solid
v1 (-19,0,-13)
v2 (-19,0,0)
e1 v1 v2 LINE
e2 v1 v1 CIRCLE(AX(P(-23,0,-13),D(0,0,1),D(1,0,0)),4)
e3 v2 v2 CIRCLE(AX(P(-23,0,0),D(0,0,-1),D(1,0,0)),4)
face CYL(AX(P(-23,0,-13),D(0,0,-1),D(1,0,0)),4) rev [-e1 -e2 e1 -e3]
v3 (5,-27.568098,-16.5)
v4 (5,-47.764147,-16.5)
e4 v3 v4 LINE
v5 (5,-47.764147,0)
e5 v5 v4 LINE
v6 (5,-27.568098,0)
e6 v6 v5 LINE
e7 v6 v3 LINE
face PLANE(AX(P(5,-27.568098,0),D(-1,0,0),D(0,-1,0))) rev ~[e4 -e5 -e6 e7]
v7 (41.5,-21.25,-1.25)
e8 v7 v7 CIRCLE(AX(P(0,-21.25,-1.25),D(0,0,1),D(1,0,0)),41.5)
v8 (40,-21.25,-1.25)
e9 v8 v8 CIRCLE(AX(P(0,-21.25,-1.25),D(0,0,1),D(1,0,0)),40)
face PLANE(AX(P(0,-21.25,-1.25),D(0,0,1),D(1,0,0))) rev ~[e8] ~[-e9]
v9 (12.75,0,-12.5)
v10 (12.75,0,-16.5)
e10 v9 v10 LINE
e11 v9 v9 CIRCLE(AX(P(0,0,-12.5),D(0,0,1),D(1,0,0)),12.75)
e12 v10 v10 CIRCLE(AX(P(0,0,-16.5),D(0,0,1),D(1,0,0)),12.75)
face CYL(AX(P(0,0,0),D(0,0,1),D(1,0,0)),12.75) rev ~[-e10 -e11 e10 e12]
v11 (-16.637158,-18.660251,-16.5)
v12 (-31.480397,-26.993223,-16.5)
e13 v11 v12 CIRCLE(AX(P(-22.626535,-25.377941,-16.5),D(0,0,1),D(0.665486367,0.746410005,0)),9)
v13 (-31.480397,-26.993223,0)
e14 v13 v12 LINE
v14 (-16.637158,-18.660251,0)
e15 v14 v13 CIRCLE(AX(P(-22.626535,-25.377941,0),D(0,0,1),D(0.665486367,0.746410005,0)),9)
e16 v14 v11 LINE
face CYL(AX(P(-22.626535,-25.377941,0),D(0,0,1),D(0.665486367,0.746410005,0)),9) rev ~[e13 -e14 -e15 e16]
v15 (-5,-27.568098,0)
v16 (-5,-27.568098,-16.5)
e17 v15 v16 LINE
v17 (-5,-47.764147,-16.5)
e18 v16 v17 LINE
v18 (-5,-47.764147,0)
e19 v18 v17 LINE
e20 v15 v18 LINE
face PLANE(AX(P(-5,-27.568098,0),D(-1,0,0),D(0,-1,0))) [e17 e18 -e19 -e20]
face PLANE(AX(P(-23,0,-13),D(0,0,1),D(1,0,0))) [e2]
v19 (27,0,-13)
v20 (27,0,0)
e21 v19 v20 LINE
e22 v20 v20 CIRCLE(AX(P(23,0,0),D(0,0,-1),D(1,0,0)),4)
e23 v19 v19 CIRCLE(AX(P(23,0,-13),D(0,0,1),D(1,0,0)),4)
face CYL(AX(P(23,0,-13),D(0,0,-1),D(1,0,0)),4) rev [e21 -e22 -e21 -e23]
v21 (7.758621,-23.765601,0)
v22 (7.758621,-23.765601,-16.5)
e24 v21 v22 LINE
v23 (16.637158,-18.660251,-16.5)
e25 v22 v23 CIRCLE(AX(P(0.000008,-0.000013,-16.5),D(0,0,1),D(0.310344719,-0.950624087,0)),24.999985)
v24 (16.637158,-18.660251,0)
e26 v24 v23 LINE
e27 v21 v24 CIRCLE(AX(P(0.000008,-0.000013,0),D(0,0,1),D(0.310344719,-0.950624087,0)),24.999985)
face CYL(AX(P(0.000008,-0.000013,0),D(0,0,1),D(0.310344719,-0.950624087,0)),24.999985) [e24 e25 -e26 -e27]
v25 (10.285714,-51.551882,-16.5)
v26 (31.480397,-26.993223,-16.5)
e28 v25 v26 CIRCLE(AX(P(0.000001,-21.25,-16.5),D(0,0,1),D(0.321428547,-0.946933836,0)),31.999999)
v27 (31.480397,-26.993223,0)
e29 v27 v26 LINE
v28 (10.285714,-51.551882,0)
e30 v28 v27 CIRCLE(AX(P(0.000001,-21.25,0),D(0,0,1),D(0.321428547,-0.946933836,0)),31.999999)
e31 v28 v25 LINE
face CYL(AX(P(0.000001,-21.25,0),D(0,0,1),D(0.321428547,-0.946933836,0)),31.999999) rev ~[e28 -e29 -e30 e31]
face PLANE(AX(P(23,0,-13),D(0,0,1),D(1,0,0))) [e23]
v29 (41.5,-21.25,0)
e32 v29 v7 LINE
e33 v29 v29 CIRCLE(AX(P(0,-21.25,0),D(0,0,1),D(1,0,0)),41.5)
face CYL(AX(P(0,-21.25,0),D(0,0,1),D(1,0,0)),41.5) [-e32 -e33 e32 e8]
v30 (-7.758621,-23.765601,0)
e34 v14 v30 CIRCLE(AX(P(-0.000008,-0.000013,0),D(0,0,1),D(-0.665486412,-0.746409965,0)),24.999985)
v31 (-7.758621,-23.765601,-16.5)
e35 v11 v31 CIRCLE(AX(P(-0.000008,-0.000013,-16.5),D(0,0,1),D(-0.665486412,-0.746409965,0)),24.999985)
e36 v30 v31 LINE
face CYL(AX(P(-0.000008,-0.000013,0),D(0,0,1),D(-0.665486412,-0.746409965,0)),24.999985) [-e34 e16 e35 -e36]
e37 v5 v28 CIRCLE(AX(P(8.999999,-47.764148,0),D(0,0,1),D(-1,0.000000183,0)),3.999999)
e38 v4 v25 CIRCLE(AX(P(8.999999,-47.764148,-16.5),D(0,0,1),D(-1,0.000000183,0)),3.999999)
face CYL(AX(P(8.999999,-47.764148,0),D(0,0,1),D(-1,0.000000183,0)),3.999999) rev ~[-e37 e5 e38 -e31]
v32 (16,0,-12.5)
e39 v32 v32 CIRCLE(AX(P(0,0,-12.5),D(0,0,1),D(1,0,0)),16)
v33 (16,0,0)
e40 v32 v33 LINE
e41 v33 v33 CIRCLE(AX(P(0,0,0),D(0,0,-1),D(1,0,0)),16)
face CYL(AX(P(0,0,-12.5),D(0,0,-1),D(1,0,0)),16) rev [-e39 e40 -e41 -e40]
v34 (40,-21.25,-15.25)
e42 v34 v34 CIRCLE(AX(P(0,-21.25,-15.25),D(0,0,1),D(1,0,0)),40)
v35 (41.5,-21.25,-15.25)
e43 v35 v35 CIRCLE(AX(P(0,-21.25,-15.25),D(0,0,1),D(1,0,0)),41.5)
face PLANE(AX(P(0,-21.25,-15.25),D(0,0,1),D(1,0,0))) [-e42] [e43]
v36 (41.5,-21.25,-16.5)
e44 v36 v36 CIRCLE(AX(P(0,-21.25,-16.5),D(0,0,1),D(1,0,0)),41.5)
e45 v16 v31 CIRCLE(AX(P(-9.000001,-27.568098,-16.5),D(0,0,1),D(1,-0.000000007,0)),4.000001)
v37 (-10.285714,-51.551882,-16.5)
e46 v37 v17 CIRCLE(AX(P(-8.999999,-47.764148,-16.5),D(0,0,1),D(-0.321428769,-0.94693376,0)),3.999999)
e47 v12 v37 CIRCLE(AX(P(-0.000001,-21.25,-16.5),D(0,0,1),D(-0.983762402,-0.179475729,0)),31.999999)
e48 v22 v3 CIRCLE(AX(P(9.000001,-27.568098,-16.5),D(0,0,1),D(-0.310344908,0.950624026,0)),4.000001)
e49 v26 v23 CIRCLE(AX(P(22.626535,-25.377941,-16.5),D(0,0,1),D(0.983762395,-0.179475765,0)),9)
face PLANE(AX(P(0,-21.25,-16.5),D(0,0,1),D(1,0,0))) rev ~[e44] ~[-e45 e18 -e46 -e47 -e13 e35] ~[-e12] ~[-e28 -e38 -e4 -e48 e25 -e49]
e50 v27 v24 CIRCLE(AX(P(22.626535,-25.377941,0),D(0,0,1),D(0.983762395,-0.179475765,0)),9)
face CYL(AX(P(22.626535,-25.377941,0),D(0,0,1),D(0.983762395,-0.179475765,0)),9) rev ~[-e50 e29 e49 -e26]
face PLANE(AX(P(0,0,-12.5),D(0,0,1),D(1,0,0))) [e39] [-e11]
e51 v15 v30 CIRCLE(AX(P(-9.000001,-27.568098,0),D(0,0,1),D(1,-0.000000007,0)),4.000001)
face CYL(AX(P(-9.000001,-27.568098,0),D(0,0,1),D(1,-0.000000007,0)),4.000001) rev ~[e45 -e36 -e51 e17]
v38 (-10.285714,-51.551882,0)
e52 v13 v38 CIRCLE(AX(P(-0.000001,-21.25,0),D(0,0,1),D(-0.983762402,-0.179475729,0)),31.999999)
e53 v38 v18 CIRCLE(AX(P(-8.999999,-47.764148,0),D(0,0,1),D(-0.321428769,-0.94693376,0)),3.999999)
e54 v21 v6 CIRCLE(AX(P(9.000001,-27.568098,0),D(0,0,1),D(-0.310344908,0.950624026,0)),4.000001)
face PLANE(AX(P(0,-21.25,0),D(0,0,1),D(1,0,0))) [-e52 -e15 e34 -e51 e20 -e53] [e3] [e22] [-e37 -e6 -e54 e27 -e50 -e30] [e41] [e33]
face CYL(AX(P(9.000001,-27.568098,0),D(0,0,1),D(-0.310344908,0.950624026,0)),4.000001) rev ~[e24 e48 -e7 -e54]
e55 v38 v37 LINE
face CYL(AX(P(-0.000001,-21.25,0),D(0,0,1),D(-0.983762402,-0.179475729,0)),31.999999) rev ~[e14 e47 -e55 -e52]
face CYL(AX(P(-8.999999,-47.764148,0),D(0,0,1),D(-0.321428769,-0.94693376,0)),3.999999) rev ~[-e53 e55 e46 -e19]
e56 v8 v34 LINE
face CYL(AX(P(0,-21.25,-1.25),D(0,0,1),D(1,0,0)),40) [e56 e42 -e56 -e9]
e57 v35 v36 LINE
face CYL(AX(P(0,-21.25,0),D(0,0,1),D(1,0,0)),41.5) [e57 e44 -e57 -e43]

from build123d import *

# Parameters (mm, degrees)
SKETCH005_R       = 41.5
SKETCH005_R_2     = 12.75
PAD001_DEPTH      = 16.5
CYLINDER003_R     = 16
CYLINDER003_DEPTH = 25.2
CYLINDER008_R     = 4
CYLINDER008_DEPTH = 25
CYLINDER009_R     = 4
CYLINDER009_DEPTH = 25
POCKET_START      = -1.25
SKETCH084_R       = 48
SKETCH084_R_2     = 40
POCKET_DEPTH      = 14


with BuildPart() as part:
    # Sketch005 → Pad001 (new body)
    with BuildSketch(Plane.XY):
        with Locations((0, -21.25)):
            Circle(SKETCH005_R)
        Circle(SKETCH005_R_2, mode=Mode.SUBTRACT)
        with BuildLine():
            ThreePointArc((-31.480397, -26.993223), (-24.225688, -42.15732), (-10.285714, -51.551882))
            ThreePointArc((-10.285714, -51.551882), (-6.670071, -51.015521), (-5, -47.764147))
            Line((-5, -27.568098), (-5, -47.764147))
            ThreePointArc((-5, -27.568098), (-5.762291, -25.219217), (-7.758621, -23.765601))
            ThreePointArc((-16.637158, -18.660251), (-12.462129, -21.672456), (-7.758621, -23.765601))
            ThreePointArc((-16.637158, -18.660251), (-27.032318, -17.53007), (-31.480397, -26.993223))
        make_face(mode=Mode.SUBTRACT)
        with BuildLine():
            ThreePointArc((10.285714, -51.551882), (24.225688, -42.15732), (31.480397, -26.993223))
            ThreePointArc((31.480397, -26.993223), (27.032318, -17.53007), (16.637158, -18.660251))
            ThreePointArc((7.758621, -23.765601), (12.462129, -21.672456), (16.637158, -18.660251))
            ThreePointArc((7.758621, -23.765601), (5.762291, -25.219217), (5, -27.568098))
            Line((5, -27.568098), (5, -47.764147))
            ThreePointArc((5, -47.764147), (6.670071, -51.015521), (10.285714, -51.551882))
        make_face(mode=Mode.SUBTRACT)
    extrude(amount=-PAD001_DEPTH)

    # Cylinder003 → Cylinder003 (cut)
    with BuildSketch(Plane.XY.offset(-12.5)):
        Circle(CYLINDER003_R)
    extrude(amount=CYLINDER003_DEPTH, mode=Mode.SUBTRACT)

    # Cylinder008 → Cylinder008 (cut)
    with BuildSketch(Plane(origin=(23, 0, -13), x_dir=(1, 0, 0), z_dir=(0, 0, 1))):
        Circle(CYLINDER008_R)
    extrude(amount=CYLINDER008_DEPTH, mode=Mode.SUBTRACT)

    # Cylinder009 → Cylinder009 (cut)
    with BuildSketch(Plane(origin=(-23, 0, -13), x_dir=(1, 0, 0), z_dir=(0, 0, 1))):
        Circle(CYLINDER009_R)
    extrude(amount=CYLINDER009_DEPTH, mode=Mode.SUBTRACT)

    # Sketch084 → Pocket (cut)
    with BuildSketch(Plane.XY.offset(POCKET_START)):
        with Locations((0, -21.25)):
            Circle(SKETCH084_R)
        with Locations((0, -21.25)):
            Circle(SKETCH084_R_2, mode=Mode.SUBTRACT)
    extrude(amount=-POCKET_DEPTH, mode=Mode.SUBTRACT)


solid = part.part
